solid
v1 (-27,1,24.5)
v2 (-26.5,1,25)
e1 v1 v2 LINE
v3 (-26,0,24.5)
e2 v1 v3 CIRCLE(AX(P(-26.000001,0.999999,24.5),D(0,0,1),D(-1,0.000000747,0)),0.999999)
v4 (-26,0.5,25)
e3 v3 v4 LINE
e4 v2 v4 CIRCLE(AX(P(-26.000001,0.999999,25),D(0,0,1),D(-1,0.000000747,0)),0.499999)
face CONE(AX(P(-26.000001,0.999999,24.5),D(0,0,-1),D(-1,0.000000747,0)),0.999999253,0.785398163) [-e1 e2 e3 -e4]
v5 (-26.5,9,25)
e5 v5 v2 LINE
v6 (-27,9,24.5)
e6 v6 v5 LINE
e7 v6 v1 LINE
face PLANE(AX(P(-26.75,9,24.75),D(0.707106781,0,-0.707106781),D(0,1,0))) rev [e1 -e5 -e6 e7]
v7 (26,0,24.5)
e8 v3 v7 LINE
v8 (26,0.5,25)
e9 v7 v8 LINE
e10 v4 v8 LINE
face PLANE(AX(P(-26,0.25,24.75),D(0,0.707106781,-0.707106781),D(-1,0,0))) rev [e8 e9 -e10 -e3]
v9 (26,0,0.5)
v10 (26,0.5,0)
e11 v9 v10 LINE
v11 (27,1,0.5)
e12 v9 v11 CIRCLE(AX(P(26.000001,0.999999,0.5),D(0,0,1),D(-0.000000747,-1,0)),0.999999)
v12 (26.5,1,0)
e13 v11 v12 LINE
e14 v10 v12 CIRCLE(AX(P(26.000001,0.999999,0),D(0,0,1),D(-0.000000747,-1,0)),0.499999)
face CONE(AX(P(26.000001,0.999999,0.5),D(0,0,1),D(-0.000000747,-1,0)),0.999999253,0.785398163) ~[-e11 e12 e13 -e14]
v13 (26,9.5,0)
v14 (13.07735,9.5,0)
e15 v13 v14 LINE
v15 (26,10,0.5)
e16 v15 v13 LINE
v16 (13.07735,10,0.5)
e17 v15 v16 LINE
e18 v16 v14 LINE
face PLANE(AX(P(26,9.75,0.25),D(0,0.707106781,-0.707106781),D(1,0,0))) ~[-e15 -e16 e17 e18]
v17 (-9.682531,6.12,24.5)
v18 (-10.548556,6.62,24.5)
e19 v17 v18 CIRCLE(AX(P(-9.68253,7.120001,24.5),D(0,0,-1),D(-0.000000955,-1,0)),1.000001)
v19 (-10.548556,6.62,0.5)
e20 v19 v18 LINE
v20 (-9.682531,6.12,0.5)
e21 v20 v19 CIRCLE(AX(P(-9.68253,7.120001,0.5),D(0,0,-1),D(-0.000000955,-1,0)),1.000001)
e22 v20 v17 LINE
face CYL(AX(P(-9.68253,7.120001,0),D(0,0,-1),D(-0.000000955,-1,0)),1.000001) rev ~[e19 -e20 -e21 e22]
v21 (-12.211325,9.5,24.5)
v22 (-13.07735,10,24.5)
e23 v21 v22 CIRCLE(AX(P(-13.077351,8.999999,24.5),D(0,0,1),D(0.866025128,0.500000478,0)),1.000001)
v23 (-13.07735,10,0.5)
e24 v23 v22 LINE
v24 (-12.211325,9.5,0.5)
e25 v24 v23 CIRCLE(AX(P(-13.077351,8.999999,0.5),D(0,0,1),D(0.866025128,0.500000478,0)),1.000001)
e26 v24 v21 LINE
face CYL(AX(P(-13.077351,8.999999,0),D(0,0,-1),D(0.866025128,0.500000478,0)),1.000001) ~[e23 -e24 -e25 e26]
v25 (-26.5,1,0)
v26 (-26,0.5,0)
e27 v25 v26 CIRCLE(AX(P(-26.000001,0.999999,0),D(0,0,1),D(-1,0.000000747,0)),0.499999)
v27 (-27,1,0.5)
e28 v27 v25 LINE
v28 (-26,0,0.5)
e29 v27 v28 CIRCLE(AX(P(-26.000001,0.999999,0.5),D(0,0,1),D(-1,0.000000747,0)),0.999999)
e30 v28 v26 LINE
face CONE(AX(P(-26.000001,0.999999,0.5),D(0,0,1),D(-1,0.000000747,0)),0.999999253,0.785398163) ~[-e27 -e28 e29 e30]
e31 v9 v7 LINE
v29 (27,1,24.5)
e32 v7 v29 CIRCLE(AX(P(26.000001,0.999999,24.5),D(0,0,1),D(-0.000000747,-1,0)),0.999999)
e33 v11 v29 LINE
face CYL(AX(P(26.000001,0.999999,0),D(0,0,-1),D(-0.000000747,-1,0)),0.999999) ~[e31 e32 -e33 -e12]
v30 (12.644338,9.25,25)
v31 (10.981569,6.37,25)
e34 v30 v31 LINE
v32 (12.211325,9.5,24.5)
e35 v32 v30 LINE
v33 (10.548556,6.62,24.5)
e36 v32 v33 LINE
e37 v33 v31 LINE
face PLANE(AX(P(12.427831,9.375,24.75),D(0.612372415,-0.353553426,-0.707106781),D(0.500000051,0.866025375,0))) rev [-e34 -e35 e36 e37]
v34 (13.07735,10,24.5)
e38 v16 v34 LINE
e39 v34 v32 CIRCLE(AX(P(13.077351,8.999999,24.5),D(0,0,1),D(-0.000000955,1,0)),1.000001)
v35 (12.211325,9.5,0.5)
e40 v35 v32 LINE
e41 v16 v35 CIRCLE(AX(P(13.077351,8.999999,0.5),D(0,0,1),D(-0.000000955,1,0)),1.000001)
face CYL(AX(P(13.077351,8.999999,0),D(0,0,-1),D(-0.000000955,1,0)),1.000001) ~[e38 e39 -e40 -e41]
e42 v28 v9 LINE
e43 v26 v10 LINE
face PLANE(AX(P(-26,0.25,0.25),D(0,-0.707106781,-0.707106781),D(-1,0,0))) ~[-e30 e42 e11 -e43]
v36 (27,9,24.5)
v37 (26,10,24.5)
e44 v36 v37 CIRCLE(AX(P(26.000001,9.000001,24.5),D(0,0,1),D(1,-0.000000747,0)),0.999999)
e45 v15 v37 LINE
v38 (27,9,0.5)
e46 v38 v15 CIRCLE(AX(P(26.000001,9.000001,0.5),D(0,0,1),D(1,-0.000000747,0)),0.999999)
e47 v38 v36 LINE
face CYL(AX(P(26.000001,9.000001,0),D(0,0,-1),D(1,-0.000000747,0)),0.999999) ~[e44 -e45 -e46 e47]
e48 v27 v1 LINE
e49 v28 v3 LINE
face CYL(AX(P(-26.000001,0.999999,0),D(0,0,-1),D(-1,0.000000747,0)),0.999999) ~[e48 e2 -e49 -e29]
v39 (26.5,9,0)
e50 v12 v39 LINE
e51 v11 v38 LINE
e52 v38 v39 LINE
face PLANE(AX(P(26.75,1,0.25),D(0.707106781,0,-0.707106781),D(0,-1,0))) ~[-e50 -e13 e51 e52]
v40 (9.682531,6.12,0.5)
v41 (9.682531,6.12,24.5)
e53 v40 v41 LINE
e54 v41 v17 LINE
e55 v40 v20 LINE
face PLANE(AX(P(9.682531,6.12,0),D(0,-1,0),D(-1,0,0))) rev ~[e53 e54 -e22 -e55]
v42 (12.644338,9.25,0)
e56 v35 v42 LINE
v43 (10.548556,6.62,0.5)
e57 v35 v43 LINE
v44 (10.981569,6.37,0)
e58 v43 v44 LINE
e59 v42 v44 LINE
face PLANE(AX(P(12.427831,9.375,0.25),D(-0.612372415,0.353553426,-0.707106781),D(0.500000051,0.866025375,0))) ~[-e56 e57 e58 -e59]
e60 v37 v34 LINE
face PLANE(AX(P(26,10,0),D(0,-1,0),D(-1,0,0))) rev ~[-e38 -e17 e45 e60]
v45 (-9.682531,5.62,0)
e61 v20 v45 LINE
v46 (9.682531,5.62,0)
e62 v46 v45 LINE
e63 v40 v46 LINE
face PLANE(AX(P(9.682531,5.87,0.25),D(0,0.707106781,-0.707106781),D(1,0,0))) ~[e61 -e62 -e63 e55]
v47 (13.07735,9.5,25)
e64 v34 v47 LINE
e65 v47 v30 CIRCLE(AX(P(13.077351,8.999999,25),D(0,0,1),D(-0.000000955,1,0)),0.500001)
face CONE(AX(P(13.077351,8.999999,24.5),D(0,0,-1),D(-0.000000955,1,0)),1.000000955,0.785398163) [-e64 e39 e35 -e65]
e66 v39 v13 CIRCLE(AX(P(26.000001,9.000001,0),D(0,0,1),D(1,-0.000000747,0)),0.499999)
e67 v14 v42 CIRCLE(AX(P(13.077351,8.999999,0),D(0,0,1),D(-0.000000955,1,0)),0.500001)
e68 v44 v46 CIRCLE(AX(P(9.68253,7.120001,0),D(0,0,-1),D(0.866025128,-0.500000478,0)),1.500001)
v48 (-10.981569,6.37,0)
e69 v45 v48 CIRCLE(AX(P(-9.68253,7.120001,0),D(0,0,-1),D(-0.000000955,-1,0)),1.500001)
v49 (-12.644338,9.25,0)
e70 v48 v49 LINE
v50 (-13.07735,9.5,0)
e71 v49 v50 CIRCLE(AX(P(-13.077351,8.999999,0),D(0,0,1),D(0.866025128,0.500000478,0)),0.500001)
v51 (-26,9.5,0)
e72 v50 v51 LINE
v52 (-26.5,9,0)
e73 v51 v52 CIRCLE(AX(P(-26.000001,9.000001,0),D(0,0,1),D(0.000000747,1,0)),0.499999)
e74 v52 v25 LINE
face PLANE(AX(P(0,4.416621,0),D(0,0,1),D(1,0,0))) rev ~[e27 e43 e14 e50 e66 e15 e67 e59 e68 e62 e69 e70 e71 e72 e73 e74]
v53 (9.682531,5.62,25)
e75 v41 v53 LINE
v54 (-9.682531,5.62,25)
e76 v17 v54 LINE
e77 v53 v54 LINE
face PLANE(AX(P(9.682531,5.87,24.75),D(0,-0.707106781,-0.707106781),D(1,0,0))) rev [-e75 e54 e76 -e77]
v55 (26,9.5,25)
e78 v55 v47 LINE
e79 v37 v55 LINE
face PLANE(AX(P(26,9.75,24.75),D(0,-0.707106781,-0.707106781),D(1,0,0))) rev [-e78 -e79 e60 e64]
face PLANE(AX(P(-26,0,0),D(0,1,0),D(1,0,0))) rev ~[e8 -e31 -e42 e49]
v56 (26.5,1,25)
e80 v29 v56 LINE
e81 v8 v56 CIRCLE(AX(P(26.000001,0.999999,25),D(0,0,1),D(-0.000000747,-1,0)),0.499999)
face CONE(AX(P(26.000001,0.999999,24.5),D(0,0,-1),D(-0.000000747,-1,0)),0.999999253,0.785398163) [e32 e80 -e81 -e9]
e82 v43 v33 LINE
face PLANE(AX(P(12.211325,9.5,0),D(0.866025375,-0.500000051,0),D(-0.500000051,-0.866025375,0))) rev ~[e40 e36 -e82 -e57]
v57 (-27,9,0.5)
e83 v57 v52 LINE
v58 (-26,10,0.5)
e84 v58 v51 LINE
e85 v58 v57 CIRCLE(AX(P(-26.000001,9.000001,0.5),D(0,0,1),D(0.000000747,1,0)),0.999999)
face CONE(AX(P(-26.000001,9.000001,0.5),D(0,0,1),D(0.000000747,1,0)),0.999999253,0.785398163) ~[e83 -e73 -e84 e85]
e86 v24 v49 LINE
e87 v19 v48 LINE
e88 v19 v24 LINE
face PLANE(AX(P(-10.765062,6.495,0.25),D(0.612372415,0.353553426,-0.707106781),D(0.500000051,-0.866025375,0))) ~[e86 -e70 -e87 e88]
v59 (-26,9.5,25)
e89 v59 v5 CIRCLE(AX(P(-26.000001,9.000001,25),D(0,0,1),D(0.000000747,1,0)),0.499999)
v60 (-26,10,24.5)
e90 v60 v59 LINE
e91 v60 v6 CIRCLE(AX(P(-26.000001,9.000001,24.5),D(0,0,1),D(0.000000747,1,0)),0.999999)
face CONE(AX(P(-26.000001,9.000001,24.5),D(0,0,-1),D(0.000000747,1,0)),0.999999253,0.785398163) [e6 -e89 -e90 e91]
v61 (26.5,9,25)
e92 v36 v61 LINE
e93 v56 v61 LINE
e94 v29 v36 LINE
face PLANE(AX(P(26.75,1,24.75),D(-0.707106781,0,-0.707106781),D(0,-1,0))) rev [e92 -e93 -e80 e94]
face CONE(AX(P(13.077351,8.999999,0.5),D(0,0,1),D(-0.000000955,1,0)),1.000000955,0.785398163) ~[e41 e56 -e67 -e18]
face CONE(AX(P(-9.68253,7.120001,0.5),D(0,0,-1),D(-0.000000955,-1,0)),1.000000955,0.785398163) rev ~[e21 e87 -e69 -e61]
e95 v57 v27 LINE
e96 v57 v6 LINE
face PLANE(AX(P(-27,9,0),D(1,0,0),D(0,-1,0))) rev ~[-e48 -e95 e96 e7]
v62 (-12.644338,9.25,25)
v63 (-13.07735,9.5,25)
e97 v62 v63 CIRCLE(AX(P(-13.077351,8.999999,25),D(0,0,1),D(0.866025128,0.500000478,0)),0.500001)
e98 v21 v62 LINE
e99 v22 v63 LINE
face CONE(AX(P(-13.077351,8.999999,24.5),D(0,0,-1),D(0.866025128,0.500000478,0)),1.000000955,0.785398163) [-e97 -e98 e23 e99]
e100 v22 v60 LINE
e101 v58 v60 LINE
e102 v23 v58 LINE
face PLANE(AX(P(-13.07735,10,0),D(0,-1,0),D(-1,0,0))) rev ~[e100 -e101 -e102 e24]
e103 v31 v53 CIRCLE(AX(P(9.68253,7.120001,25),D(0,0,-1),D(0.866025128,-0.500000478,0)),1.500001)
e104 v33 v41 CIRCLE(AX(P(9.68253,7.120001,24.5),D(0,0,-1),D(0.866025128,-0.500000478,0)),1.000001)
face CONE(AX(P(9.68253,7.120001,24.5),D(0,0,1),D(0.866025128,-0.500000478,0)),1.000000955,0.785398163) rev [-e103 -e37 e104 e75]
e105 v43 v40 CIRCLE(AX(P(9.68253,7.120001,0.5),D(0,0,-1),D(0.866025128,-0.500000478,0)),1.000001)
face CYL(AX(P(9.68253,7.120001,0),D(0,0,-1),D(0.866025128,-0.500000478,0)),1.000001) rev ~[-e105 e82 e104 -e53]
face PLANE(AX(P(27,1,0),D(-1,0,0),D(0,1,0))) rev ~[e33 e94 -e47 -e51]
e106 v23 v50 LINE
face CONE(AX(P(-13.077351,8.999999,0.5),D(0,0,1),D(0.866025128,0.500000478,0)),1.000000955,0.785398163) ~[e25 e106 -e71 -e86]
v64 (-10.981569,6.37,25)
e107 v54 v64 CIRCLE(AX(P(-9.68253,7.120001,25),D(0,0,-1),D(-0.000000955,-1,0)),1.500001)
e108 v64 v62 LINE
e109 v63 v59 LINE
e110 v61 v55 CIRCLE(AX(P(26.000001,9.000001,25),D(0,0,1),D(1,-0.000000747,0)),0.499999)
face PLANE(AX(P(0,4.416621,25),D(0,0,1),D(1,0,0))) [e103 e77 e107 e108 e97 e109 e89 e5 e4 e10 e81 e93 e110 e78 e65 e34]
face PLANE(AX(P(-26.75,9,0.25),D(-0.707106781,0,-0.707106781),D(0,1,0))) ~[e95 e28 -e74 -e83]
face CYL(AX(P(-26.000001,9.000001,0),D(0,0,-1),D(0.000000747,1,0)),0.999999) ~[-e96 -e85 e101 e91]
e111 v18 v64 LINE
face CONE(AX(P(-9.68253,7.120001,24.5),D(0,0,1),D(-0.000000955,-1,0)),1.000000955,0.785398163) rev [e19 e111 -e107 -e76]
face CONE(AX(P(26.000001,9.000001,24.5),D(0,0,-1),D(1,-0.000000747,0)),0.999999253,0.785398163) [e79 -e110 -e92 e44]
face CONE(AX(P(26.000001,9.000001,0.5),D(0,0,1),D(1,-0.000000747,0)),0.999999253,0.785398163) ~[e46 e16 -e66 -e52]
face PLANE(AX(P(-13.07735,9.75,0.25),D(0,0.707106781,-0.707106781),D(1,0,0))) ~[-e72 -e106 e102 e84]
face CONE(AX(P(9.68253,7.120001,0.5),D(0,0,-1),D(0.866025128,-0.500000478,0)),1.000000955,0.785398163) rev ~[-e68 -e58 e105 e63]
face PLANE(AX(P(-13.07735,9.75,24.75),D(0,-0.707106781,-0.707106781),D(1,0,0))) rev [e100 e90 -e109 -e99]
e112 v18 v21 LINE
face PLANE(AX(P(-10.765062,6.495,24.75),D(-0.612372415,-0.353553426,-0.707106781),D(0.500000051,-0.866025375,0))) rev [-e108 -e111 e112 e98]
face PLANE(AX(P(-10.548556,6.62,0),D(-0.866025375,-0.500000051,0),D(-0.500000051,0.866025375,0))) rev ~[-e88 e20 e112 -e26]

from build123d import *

# Parameters (mm, degrees)
F1_DEPTH = 25
F2_SIZE  = 0.5


with BuildPart() as f1:
    # F0 (on Top) → F1 (new body)
    with BuildSketch(Plane.XY):
        with BuildLine():
            Line((-26, 0), (0, 0))
            Line((0, 0), (26, 0))
            ThreePointArc((26, 0), (26.707107, 0.292893), (27, 1))
            Line((27, 1), (27, 9))
            ThreePointArc((27, 9), (26.707107, 9.707107), (26, 10))
            Line((26, 10), (13.07735, 10))
            ThreePointArc((13.07735, 10), (12.57735, 9.866025), (12.211325, 9.5))
            Line((12.211325, 9.5), (10.548556, 6.62))
            ThreePointArc((10.548556, 6.62), (10.182531, 6.253975), (9.682531, 6.12))
            Line((9.682531, 6.12), (0, 6.12))
            Line((0, 6.12), (-9.682531, 6.12))
            ThreePointArc((-9.682531, 6.12), (-10.182531, 6.253975), (-10.548556, 6.62))
            Line((-10.548556, 6.62), (-12.211325, 9.5))
            ThreePointArc((-12.211325, 9.5), (-12.57735, 9.866025), (-13.07735, 10))
            Line((-13.07735, 10), (-26, 10))
            ThreePointArc((-26, 10), (-26.707107, 9.707107), (-27, 9))
            Line((-27, 9), (-27, 1))
            ThreePointArc((-27, 1), (-26.707107, 0.292893), (-26, 0))
        make_face()
    extrude(amount=F1_DEPTH)

    # F2
    f2_edges = [f1.edges().sort_by_distance(p)[0] for p in [
        (19.538675, 10, 25),
        (-19.538675, 10, 0),
    ]]
    chamfer(f2_edges, length=F2_SIZE)


solid = f1.part
